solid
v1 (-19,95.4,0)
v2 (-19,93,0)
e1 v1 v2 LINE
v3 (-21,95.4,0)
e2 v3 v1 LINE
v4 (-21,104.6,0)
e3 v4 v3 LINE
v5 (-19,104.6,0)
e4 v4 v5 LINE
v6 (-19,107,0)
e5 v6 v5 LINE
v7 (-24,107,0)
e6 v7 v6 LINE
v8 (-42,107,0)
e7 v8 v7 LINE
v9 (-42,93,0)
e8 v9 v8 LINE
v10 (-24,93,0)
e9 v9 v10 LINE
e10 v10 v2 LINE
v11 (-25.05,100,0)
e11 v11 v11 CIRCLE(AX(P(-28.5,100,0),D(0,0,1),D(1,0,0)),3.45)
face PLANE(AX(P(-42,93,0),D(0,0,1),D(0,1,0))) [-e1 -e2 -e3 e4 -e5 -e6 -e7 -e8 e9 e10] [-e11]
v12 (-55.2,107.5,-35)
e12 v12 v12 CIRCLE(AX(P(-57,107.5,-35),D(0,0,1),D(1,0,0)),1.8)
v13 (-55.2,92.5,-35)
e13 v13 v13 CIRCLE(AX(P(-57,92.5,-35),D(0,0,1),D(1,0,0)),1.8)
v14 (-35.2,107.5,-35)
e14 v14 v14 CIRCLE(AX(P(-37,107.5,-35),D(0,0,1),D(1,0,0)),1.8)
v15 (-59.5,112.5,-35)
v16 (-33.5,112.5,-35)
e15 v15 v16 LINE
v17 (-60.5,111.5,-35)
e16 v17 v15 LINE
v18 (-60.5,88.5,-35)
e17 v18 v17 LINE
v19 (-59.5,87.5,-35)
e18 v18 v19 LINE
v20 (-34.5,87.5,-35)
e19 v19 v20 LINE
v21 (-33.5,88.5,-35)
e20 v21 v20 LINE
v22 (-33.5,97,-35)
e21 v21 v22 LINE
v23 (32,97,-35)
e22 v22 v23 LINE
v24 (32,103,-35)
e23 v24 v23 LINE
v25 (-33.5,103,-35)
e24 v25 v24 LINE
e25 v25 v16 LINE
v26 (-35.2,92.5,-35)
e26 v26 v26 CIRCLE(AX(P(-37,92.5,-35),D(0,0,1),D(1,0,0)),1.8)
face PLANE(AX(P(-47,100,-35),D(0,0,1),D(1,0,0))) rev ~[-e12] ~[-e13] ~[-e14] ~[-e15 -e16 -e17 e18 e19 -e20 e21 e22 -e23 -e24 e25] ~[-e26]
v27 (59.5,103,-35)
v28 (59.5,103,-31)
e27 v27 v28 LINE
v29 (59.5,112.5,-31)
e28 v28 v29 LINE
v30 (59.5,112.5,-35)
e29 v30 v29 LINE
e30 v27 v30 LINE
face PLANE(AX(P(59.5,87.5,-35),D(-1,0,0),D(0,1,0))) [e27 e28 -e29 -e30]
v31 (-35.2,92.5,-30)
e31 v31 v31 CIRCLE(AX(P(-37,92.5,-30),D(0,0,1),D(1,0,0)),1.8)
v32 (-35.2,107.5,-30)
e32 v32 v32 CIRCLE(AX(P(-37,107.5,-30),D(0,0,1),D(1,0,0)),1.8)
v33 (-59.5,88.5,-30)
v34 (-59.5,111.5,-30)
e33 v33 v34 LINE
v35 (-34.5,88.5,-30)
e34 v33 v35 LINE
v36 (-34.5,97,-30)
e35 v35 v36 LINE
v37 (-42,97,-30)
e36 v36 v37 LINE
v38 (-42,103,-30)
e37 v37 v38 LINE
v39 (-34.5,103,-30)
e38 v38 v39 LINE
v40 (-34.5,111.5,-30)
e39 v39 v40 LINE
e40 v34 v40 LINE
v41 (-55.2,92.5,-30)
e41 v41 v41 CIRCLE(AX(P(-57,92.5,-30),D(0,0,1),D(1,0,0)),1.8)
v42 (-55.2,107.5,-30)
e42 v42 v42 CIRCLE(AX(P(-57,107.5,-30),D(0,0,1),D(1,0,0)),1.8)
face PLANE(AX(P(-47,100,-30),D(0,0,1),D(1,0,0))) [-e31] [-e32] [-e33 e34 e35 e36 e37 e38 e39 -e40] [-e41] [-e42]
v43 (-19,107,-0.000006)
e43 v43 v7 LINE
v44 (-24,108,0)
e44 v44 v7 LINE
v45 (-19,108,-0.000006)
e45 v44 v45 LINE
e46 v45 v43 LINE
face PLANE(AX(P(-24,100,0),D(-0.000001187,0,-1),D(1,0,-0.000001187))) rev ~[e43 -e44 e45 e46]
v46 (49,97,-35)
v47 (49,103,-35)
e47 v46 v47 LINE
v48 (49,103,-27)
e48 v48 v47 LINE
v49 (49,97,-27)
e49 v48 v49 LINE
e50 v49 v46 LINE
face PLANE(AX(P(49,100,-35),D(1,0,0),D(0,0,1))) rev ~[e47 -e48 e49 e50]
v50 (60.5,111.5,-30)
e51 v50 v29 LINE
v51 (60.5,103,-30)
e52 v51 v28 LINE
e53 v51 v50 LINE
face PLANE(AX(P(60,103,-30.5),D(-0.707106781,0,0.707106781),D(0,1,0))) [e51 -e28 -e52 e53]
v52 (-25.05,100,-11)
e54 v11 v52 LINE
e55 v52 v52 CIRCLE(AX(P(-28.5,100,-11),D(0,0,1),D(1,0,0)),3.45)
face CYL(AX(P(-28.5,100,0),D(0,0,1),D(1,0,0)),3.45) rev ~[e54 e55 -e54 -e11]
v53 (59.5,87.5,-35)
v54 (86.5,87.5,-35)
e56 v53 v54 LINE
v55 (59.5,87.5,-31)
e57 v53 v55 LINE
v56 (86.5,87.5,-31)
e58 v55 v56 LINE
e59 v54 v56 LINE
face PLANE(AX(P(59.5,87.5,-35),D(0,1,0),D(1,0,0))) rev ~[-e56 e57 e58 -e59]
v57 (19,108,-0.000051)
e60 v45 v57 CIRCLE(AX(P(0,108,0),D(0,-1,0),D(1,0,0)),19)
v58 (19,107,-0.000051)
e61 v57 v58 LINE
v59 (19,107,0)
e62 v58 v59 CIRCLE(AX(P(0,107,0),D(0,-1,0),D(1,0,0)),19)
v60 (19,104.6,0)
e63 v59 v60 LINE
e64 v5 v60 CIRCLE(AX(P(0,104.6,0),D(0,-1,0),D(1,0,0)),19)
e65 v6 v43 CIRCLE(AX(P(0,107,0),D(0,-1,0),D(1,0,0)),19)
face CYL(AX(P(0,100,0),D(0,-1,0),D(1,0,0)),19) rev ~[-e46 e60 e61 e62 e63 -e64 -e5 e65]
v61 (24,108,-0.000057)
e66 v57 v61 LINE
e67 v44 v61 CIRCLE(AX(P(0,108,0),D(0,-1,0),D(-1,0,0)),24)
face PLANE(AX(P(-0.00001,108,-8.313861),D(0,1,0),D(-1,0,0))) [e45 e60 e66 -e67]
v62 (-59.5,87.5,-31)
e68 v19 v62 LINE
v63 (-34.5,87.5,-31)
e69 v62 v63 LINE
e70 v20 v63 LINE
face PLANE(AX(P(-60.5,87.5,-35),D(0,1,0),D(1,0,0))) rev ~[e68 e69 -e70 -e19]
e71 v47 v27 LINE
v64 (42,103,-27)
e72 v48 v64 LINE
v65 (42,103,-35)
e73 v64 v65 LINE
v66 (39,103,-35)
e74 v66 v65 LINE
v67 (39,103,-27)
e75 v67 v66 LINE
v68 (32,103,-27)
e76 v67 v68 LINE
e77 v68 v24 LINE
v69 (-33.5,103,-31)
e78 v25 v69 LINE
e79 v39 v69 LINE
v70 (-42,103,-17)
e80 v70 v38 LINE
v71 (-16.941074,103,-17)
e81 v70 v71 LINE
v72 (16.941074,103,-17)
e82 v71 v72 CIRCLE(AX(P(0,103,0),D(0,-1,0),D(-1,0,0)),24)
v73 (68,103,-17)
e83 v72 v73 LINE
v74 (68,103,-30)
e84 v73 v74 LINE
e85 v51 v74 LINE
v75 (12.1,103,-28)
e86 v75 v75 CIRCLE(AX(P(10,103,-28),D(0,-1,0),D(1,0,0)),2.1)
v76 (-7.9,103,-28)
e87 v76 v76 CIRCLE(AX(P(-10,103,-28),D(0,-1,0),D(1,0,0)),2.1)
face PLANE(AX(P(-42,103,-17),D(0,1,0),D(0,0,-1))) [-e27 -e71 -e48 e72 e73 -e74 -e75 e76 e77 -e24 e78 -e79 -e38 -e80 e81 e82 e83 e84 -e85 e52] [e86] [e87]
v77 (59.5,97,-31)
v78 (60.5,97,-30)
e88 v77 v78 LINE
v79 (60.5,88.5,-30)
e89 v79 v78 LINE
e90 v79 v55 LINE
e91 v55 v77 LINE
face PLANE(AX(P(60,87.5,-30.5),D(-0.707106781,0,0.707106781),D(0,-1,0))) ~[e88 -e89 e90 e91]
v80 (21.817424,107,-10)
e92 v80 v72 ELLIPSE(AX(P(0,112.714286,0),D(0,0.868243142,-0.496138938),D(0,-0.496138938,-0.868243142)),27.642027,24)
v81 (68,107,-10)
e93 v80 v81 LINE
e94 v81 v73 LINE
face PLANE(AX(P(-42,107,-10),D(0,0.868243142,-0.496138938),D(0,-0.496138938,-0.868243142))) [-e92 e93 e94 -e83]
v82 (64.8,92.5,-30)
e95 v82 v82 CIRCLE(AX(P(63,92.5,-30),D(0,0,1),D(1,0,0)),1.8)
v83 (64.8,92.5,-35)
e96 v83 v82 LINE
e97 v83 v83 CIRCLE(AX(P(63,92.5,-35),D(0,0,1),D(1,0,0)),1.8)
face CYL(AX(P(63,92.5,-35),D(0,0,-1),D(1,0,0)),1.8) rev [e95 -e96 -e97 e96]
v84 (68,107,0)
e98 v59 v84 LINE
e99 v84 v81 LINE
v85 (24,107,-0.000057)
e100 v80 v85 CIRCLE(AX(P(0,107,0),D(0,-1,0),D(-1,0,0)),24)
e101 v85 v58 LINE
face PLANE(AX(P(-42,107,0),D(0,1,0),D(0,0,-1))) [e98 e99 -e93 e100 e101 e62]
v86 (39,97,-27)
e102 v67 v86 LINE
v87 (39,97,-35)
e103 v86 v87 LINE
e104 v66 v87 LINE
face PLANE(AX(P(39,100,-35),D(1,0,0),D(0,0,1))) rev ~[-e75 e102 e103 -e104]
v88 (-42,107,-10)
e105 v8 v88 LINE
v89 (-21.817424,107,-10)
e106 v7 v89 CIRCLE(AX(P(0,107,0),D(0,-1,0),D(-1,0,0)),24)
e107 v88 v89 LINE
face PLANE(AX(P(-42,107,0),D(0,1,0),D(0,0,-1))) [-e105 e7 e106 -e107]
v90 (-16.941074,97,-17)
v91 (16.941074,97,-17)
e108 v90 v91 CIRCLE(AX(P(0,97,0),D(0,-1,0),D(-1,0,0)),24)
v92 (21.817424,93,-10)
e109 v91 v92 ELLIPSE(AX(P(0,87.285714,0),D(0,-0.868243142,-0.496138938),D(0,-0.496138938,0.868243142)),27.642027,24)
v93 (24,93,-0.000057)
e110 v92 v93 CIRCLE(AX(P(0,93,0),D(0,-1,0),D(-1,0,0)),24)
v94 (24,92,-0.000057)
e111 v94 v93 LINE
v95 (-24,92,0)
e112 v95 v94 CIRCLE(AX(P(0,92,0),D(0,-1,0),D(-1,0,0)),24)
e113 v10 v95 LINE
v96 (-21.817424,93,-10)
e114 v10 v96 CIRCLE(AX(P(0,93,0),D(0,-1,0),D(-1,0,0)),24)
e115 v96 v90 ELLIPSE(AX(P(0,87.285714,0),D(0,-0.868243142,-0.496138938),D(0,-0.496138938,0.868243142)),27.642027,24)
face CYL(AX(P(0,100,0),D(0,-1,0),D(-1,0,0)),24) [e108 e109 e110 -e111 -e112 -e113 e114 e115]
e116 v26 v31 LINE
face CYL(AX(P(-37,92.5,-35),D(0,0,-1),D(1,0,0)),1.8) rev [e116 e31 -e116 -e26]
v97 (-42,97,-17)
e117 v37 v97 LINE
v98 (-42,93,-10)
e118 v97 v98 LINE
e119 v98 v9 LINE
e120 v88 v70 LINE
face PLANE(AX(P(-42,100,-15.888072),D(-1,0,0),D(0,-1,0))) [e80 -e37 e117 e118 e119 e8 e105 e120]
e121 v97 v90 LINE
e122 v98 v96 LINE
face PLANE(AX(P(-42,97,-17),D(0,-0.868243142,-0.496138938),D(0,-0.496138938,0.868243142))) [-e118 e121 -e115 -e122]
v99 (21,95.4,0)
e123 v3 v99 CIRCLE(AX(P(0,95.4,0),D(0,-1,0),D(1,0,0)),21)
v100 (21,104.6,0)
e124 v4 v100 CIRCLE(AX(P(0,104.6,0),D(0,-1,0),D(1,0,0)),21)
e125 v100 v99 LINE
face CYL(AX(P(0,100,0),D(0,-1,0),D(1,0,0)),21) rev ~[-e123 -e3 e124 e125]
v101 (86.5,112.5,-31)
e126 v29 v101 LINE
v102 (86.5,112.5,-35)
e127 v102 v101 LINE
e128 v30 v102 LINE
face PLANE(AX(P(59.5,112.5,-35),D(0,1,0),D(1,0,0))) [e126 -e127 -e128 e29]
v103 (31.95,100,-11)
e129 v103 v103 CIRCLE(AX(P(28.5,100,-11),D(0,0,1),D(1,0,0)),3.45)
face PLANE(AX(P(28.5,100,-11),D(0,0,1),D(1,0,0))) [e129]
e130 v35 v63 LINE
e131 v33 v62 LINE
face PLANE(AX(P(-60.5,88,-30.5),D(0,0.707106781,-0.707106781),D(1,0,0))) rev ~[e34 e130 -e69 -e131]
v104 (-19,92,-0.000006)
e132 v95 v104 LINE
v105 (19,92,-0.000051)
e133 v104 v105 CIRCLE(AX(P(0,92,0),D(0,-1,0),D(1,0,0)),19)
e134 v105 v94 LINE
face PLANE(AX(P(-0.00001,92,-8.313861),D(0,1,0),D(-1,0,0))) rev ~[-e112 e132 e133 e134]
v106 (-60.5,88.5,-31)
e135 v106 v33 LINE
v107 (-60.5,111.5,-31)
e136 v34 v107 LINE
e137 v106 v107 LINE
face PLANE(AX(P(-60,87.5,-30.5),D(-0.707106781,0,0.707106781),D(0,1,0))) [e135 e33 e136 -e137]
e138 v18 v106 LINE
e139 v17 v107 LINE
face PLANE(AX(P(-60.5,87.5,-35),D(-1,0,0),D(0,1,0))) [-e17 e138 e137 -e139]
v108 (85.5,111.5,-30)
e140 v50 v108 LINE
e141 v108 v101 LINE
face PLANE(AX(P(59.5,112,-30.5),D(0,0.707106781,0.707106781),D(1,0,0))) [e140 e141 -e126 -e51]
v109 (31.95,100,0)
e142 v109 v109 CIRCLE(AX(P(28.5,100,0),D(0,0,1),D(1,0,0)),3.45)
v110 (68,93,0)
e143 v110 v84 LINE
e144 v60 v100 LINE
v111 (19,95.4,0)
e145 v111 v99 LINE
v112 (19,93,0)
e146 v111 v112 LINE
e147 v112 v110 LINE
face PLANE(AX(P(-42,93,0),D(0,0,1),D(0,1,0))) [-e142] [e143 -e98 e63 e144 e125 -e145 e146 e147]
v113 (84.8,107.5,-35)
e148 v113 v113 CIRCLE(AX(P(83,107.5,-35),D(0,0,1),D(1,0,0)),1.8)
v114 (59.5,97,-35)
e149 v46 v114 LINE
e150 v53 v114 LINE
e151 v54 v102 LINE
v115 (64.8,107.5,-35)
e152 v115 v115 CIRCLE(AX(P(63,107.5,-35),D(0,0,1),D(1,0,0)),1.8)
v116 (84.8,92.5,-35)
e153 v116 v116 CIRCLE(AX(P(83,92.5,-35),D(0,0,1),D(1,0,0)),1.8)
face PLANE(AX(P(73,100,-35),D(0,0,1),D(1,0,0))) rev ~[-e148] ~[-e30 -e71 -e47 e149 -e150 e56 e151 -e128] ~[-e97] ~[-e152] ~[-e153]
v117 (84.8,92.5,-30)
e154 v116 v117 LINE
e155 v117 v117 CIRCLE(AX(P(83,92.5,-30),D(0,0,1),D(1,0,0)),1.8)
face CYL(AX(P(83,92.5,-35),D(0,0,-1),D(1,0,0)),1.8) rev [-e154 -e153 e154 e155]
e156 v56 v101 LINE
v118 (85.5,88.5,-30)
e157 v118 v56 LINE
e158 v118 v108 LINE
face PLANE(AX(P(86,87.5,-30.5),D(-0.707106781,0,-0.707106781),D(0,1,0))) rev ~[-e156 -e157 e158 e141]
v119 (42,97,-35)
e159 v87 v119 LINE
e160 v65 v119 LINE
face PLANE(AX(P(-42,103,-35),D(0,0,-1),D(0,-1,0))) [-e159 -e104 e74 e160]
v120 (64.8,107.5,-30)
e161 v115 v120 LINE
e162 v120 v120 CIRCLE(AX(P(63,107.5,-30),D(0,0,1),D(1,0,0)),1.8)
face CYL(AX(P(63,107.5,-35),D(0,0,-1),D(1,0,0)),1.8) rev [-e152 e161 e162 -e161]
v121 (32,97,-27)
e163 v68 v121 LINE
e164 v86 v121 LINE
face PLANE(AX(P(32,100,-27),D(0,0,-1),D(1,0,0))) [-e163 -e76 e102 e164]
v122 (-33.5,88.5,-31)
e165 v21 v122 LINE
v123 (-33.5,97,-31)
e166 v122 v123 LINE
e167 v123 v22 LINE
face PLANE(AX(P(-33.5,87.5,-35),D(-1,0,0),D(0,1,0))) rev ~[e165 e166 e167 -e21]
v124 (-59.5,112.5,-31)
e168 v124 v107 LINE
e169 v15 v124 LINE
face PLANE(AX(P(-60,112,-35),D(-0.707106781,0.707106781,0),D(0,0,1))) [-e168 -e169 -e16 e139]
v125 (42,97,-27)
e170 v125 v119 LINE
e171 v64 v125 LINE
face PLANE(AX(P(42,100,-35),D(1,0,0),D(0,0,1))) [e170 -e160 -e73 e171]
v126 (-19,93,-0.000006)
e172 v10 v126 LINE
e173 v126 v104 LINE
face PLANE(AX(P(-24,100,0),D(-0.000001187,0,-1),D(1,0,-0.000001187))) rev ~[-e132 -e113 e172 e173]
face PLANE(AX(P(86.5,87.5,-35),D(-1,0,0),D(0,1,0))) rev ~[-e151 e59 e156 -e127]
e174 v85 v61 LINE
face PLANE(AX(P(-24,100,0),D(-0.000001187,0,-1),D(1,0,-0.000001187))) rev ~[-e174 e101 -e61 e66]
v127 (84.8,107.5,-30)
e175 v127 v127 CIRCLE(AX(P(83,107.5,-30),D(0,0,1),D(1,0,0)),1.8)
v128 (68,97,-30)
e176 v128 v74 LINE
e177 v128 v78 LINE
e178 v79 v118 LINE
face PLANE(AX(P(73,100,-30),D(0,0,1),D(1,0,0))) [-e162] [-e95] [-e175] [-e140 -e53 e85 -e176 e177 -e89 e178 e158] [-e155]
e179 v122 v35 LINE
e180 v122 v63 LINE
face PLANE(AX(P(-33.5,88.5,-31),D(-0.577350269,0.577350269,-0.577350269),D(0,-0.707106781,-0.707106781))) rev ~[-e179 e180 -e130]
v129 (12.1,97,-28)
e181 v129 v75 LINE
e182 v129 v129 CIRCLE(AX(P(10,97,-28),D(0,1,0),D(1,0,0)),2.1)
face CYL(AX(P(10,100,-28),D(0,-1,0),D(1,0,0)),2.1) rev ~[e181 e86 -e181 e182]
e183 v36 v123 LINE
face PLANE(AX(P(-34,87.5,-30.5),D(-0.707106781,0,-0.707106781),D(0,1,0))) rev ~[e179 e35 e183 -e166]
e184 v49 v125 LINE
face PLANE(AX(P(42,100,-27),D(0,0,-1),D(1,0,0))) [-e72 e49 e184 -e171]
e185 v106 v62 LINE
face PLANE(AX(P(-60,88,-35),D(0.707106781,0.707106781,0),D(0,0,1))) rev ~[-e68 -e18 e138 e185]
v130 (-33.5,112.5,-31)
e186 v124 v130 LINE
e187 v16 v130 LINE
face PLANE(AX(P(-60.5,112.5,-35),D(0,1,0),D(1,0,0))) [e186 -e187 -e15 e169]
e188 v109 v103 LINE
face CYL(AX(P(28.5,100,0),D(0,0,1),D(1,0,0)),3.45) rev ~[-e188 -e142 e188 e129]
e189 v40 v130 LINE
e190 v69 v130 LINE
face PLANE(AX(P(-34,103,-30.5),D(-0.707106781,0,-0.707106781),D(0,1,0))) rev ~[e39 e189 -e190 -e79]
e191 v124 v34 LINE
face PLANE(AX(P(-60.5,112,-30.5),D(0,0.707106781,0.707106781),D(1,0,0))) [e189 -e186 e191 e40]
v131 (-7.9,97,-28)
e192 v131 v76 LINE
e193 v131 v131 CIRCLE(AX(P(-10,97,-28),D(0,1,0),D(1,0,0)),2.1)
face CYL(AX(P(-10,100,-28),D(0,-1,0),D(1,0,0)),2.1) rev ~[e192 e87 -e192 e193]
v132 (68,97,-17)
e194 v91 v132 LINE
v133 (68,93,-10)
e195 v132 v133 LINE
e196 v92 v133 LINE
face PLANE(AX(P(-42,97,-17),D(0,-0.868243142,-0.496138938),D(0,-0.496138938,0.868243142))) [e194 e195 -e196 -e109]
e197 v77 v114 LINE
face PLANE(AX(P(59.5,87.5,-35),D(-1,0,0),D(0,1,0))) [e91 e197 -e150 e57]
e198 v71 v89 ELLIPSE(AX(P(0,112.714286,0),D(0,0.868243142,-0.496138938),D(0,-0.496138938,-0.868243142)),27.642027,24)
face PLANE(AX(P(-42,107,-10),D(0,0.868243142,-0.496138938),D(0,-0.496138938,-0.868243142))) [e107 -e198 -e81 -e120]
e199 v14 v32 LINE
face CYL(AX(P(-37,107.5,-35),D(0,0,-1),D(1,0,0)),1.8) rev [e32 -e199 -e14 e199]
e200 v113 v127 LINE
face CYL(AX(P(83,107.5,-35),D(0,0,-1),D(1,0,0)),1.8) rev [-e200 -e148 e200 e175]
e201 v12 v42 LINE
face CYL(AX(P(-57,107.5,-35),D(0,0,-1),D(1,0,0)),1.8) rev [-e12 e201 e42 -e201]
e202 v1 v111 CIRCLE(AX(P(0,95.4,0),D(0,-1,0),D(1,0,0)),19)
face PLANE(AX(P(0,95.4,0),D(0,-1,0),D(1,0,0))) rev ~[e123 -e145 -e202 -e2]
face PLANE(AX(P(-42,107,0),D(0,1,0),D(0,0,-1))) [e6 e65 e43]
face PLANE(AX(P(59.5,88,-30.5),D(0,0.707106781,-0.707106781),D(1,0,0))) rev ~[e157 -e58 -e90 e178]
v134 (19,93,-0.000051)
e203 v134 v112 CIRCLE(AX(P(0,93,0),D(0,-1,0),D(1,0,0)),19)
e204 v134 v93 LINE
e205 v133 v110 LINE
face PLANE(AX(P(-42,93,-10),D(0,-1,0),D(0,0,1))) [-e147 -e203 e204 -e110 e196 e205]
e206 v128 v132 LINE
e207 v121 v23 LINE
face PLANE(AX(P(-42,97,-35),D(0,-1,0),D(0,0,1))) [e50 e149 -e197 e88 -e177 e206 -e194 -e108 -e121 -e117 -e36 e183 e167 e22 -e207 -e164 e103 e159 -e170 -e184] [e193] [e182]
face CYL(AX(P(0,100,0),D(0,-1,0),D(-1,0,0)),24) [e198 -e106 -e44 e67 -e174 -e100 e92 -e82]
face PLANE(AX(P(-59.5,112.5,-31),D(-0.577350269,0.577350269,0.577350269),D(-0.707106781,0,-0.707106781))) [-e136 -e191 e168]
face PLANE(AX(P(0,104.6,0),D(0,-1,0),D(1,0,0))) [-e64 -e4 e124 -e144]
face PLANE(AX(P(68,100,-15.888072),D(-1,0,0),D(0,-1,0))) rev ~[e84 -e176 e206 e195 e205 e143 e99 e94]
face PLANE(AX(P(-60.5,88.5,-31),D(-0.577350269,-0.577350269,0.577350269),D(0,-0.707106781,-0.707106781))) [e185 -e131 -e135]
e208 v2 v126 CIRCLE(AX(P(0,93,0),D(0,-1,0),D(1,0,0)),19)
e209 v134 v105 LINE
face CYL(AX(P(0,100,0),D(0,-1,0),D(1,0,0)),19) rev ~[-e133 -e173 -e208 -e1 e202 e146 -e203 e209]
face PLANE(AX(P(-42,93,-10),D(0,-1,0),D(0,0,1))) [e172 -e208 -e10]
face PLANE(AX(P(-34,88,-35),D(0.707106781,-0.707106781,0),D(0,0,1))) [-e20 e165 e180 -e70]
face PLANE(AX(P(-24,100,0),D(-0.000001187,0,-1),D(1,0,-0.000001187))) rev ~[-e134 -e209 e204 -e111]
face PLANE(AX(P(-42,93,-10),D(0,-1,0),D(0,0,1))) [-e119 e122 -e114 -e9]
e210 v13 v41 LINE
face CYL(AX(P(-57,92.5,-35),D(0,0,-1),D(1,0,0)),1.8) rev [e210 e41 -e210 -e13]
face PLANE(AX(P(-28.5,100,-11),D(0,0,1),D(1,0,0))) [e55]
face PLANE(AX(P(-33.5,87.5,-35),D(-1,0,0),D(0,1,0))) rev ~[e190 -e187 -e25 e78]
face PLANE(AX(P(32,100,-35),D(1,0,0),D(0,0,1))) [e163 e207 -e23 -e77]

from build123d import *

# Parameters (mm, degrees)
PAD_DEPTH            = 110
SKETCH002_R          = 3.45
POCKET001_DEPTH      = 11
SKETCH004_R          = 2.1
POCKET003_DEPTH      = 7.001
POCKET003_DEPTH_BACK = 7.001
SKETCH005_W          = 7
SKETCH005_H          = 8
POCKET004_DEPTH      = 7.001
POCKET004_DEPTH_BACK = 7.001
PAD001_DEPTH         = 8
SKETCH003_R          = 19
POCKET_DEPTH         = 9
SKETCH001_R          = 21
POCKET005_DEPTH      = 4.6
SKETCH007_W          = 27
SKETCH007_H          = 25
SKETCH007_R          = 1.8
PAD002_DEPTH         = 5
LINEARPATTERN_COUNT  = 2
LINEARPATTERN_PITCH  = 120
CHAMFER002_SIZE      = 1
CHAMFER003_SIZE      = 1


with BuildPart() as part:
    # Sketch → Pad (new body)
    with BuildSketch(Plane.YZ.offset(-42)):
        Polygon((-7, 0), (7, 0), (7, -10), (3, -17), (3, -35), (-3, -35), (-3, -17), (-7, -10), align=None)
    extrude(amount=PAD_DEPTH)

    # Sketch002 → Pocket001 (cut)
    with BuildSketch(Plane.XY):
        with Locations((-28.5, 0)):
            Circle(SKETCH002_R)
        with Locations((28.5, 0)):
            Circle(SKETCH002_R)
    extrude(amount=-POCKET001_DEPTH, mode=Mode.SUBTRACT)

    # Sketch004 → Pocket003 (cut, two sides)
    with BuildSketch(Plane.XZ) as pocket003_sk:
        with Locations((-10, -28)):
            Circle(SKETCH004_R)
        with Locations((10, -28)):
            Circle(SKETCH004_R)
    extrude(amount=-POCKET003_DEPTH, mode=Mode.SUBTRACT)
    extrude(pocket003_sk.sketch, amount=POCKET003_DEPTH_BACK, mode=Mode.SUBTRACT)

    # Sketch005 → Pocket004 (cut, two sides)
    with BuildSketch(Plane.XZ) as pocket004_sk:
        with Locations((35.5, -31)):
            Rectangle(SKETCH005_W, SKETCH005_H)
        with Locations((45.5, -31)):
            Rectangle(SKETCH005_W, SKETCH005_H)
    extrude(amount=-POCKET004_DEPTH, mode=Mode.SUBTRACT)
    extrude(pocket004_sk.sketch, amount=POCKET004_DEPTH_BACK, mode=Mode.SUBTRACT)

    # Sketch006 → Pad001 (join, symmetric)
    with BuildSketch(Plane.XZ):
        with BuildLine():
            Line((-24, 0), (24, -5.7e-05))
            ThreePointArc((-24, 0), (-2.8e-05, -24), (24, -5.7e-05))
        make_face()
    extrude(amount=PAD001_DEPTH, both=True)

    # Sketch003 → Pocket (cut, symmetric)
    with BuildSketch(Plane.XZ):
        Circle(SKETCH003_R)
    extrude(amount=POCKET_DEPTH, both=True, mode=Mode.SUBTRACT)

    # Sketch001 → Pocket005 (cut, symmetric)
    with BuildSketch(Plane.XZ):
        Circle(SKETCH001_R)
    extrude(amount=POCKET005_DEPTH, both=True, mode=Mode.SUBTRACT)

    # Sketch007 → Pad002 (join)
    with BuildSketch(Plane(origin=(-123, -11.5, -35), x_dir=(1, 0, 0), z_dir=(0, 0, 1))):
        with Locations((76, 11.5)):
            Rectangle(SKETCH007_W, SKETCH007_H)
        with Locations((66, 19)):
            Circle(SKETCH007_R, mode=Mode.SUBTRACT)
        with Locations((86, 19)):
            Circle(SKETCH007_R, mode=Mode.SUBTRACT)
        with Locations((86, 4)):
            Circle(SKETCH007_R, mode=Mode.SUBTRACT)
        with Locations((66, 4)):
            Circle(SKETCH007_R, mode=Mode.SUBTRACT)
    pad002 = extrude(amount=PAD002_DEPTH)

    # LinearPattern: Pad002 ×2
    with Locations(*[(i * LINEARPATTERN_PITCH, 0, 0) for i in range(1, LINEARPATTERN_COUNT)]):
        add(pad002)

    # Chamfer002
    chamfer002_edges = [part.edges().sort_by_distance(p)[0] for p in [
        (73, -12.5, -30),
        (73, 12.5, -30),
        (86.5, 0, -30),
        (59.5, -7.75, -30),
        (59.5, 7.75, -30),
    ]]
    chamfer(chamfer002_edges, length=CHAMFER002_SIZE)

    # Chamfer003
    chamfer003_edges = [part.edges().sort_by_distance(p)[0] for p in [
        (-47, -12.5, -30),
        (-33.5, -7.75, -30),
        (-60.5, 0, -30),
        (-47, 12.5, -30),
        (-60.5, -12.5, -32.5),
        (-33.5, -12.5, -32.5),
        (-60.5, 12.5, -32.5),
        (-33.5, 7.75, -30),
    ]]
    chamfer(chamfer003_edges, length=CHAMFER003_SIZE)


with BuildPart() as part_1:
    # Body001 placement: moved
    add(part.part.moved(Location((0, 100, 0))))


solid = part_1.part
